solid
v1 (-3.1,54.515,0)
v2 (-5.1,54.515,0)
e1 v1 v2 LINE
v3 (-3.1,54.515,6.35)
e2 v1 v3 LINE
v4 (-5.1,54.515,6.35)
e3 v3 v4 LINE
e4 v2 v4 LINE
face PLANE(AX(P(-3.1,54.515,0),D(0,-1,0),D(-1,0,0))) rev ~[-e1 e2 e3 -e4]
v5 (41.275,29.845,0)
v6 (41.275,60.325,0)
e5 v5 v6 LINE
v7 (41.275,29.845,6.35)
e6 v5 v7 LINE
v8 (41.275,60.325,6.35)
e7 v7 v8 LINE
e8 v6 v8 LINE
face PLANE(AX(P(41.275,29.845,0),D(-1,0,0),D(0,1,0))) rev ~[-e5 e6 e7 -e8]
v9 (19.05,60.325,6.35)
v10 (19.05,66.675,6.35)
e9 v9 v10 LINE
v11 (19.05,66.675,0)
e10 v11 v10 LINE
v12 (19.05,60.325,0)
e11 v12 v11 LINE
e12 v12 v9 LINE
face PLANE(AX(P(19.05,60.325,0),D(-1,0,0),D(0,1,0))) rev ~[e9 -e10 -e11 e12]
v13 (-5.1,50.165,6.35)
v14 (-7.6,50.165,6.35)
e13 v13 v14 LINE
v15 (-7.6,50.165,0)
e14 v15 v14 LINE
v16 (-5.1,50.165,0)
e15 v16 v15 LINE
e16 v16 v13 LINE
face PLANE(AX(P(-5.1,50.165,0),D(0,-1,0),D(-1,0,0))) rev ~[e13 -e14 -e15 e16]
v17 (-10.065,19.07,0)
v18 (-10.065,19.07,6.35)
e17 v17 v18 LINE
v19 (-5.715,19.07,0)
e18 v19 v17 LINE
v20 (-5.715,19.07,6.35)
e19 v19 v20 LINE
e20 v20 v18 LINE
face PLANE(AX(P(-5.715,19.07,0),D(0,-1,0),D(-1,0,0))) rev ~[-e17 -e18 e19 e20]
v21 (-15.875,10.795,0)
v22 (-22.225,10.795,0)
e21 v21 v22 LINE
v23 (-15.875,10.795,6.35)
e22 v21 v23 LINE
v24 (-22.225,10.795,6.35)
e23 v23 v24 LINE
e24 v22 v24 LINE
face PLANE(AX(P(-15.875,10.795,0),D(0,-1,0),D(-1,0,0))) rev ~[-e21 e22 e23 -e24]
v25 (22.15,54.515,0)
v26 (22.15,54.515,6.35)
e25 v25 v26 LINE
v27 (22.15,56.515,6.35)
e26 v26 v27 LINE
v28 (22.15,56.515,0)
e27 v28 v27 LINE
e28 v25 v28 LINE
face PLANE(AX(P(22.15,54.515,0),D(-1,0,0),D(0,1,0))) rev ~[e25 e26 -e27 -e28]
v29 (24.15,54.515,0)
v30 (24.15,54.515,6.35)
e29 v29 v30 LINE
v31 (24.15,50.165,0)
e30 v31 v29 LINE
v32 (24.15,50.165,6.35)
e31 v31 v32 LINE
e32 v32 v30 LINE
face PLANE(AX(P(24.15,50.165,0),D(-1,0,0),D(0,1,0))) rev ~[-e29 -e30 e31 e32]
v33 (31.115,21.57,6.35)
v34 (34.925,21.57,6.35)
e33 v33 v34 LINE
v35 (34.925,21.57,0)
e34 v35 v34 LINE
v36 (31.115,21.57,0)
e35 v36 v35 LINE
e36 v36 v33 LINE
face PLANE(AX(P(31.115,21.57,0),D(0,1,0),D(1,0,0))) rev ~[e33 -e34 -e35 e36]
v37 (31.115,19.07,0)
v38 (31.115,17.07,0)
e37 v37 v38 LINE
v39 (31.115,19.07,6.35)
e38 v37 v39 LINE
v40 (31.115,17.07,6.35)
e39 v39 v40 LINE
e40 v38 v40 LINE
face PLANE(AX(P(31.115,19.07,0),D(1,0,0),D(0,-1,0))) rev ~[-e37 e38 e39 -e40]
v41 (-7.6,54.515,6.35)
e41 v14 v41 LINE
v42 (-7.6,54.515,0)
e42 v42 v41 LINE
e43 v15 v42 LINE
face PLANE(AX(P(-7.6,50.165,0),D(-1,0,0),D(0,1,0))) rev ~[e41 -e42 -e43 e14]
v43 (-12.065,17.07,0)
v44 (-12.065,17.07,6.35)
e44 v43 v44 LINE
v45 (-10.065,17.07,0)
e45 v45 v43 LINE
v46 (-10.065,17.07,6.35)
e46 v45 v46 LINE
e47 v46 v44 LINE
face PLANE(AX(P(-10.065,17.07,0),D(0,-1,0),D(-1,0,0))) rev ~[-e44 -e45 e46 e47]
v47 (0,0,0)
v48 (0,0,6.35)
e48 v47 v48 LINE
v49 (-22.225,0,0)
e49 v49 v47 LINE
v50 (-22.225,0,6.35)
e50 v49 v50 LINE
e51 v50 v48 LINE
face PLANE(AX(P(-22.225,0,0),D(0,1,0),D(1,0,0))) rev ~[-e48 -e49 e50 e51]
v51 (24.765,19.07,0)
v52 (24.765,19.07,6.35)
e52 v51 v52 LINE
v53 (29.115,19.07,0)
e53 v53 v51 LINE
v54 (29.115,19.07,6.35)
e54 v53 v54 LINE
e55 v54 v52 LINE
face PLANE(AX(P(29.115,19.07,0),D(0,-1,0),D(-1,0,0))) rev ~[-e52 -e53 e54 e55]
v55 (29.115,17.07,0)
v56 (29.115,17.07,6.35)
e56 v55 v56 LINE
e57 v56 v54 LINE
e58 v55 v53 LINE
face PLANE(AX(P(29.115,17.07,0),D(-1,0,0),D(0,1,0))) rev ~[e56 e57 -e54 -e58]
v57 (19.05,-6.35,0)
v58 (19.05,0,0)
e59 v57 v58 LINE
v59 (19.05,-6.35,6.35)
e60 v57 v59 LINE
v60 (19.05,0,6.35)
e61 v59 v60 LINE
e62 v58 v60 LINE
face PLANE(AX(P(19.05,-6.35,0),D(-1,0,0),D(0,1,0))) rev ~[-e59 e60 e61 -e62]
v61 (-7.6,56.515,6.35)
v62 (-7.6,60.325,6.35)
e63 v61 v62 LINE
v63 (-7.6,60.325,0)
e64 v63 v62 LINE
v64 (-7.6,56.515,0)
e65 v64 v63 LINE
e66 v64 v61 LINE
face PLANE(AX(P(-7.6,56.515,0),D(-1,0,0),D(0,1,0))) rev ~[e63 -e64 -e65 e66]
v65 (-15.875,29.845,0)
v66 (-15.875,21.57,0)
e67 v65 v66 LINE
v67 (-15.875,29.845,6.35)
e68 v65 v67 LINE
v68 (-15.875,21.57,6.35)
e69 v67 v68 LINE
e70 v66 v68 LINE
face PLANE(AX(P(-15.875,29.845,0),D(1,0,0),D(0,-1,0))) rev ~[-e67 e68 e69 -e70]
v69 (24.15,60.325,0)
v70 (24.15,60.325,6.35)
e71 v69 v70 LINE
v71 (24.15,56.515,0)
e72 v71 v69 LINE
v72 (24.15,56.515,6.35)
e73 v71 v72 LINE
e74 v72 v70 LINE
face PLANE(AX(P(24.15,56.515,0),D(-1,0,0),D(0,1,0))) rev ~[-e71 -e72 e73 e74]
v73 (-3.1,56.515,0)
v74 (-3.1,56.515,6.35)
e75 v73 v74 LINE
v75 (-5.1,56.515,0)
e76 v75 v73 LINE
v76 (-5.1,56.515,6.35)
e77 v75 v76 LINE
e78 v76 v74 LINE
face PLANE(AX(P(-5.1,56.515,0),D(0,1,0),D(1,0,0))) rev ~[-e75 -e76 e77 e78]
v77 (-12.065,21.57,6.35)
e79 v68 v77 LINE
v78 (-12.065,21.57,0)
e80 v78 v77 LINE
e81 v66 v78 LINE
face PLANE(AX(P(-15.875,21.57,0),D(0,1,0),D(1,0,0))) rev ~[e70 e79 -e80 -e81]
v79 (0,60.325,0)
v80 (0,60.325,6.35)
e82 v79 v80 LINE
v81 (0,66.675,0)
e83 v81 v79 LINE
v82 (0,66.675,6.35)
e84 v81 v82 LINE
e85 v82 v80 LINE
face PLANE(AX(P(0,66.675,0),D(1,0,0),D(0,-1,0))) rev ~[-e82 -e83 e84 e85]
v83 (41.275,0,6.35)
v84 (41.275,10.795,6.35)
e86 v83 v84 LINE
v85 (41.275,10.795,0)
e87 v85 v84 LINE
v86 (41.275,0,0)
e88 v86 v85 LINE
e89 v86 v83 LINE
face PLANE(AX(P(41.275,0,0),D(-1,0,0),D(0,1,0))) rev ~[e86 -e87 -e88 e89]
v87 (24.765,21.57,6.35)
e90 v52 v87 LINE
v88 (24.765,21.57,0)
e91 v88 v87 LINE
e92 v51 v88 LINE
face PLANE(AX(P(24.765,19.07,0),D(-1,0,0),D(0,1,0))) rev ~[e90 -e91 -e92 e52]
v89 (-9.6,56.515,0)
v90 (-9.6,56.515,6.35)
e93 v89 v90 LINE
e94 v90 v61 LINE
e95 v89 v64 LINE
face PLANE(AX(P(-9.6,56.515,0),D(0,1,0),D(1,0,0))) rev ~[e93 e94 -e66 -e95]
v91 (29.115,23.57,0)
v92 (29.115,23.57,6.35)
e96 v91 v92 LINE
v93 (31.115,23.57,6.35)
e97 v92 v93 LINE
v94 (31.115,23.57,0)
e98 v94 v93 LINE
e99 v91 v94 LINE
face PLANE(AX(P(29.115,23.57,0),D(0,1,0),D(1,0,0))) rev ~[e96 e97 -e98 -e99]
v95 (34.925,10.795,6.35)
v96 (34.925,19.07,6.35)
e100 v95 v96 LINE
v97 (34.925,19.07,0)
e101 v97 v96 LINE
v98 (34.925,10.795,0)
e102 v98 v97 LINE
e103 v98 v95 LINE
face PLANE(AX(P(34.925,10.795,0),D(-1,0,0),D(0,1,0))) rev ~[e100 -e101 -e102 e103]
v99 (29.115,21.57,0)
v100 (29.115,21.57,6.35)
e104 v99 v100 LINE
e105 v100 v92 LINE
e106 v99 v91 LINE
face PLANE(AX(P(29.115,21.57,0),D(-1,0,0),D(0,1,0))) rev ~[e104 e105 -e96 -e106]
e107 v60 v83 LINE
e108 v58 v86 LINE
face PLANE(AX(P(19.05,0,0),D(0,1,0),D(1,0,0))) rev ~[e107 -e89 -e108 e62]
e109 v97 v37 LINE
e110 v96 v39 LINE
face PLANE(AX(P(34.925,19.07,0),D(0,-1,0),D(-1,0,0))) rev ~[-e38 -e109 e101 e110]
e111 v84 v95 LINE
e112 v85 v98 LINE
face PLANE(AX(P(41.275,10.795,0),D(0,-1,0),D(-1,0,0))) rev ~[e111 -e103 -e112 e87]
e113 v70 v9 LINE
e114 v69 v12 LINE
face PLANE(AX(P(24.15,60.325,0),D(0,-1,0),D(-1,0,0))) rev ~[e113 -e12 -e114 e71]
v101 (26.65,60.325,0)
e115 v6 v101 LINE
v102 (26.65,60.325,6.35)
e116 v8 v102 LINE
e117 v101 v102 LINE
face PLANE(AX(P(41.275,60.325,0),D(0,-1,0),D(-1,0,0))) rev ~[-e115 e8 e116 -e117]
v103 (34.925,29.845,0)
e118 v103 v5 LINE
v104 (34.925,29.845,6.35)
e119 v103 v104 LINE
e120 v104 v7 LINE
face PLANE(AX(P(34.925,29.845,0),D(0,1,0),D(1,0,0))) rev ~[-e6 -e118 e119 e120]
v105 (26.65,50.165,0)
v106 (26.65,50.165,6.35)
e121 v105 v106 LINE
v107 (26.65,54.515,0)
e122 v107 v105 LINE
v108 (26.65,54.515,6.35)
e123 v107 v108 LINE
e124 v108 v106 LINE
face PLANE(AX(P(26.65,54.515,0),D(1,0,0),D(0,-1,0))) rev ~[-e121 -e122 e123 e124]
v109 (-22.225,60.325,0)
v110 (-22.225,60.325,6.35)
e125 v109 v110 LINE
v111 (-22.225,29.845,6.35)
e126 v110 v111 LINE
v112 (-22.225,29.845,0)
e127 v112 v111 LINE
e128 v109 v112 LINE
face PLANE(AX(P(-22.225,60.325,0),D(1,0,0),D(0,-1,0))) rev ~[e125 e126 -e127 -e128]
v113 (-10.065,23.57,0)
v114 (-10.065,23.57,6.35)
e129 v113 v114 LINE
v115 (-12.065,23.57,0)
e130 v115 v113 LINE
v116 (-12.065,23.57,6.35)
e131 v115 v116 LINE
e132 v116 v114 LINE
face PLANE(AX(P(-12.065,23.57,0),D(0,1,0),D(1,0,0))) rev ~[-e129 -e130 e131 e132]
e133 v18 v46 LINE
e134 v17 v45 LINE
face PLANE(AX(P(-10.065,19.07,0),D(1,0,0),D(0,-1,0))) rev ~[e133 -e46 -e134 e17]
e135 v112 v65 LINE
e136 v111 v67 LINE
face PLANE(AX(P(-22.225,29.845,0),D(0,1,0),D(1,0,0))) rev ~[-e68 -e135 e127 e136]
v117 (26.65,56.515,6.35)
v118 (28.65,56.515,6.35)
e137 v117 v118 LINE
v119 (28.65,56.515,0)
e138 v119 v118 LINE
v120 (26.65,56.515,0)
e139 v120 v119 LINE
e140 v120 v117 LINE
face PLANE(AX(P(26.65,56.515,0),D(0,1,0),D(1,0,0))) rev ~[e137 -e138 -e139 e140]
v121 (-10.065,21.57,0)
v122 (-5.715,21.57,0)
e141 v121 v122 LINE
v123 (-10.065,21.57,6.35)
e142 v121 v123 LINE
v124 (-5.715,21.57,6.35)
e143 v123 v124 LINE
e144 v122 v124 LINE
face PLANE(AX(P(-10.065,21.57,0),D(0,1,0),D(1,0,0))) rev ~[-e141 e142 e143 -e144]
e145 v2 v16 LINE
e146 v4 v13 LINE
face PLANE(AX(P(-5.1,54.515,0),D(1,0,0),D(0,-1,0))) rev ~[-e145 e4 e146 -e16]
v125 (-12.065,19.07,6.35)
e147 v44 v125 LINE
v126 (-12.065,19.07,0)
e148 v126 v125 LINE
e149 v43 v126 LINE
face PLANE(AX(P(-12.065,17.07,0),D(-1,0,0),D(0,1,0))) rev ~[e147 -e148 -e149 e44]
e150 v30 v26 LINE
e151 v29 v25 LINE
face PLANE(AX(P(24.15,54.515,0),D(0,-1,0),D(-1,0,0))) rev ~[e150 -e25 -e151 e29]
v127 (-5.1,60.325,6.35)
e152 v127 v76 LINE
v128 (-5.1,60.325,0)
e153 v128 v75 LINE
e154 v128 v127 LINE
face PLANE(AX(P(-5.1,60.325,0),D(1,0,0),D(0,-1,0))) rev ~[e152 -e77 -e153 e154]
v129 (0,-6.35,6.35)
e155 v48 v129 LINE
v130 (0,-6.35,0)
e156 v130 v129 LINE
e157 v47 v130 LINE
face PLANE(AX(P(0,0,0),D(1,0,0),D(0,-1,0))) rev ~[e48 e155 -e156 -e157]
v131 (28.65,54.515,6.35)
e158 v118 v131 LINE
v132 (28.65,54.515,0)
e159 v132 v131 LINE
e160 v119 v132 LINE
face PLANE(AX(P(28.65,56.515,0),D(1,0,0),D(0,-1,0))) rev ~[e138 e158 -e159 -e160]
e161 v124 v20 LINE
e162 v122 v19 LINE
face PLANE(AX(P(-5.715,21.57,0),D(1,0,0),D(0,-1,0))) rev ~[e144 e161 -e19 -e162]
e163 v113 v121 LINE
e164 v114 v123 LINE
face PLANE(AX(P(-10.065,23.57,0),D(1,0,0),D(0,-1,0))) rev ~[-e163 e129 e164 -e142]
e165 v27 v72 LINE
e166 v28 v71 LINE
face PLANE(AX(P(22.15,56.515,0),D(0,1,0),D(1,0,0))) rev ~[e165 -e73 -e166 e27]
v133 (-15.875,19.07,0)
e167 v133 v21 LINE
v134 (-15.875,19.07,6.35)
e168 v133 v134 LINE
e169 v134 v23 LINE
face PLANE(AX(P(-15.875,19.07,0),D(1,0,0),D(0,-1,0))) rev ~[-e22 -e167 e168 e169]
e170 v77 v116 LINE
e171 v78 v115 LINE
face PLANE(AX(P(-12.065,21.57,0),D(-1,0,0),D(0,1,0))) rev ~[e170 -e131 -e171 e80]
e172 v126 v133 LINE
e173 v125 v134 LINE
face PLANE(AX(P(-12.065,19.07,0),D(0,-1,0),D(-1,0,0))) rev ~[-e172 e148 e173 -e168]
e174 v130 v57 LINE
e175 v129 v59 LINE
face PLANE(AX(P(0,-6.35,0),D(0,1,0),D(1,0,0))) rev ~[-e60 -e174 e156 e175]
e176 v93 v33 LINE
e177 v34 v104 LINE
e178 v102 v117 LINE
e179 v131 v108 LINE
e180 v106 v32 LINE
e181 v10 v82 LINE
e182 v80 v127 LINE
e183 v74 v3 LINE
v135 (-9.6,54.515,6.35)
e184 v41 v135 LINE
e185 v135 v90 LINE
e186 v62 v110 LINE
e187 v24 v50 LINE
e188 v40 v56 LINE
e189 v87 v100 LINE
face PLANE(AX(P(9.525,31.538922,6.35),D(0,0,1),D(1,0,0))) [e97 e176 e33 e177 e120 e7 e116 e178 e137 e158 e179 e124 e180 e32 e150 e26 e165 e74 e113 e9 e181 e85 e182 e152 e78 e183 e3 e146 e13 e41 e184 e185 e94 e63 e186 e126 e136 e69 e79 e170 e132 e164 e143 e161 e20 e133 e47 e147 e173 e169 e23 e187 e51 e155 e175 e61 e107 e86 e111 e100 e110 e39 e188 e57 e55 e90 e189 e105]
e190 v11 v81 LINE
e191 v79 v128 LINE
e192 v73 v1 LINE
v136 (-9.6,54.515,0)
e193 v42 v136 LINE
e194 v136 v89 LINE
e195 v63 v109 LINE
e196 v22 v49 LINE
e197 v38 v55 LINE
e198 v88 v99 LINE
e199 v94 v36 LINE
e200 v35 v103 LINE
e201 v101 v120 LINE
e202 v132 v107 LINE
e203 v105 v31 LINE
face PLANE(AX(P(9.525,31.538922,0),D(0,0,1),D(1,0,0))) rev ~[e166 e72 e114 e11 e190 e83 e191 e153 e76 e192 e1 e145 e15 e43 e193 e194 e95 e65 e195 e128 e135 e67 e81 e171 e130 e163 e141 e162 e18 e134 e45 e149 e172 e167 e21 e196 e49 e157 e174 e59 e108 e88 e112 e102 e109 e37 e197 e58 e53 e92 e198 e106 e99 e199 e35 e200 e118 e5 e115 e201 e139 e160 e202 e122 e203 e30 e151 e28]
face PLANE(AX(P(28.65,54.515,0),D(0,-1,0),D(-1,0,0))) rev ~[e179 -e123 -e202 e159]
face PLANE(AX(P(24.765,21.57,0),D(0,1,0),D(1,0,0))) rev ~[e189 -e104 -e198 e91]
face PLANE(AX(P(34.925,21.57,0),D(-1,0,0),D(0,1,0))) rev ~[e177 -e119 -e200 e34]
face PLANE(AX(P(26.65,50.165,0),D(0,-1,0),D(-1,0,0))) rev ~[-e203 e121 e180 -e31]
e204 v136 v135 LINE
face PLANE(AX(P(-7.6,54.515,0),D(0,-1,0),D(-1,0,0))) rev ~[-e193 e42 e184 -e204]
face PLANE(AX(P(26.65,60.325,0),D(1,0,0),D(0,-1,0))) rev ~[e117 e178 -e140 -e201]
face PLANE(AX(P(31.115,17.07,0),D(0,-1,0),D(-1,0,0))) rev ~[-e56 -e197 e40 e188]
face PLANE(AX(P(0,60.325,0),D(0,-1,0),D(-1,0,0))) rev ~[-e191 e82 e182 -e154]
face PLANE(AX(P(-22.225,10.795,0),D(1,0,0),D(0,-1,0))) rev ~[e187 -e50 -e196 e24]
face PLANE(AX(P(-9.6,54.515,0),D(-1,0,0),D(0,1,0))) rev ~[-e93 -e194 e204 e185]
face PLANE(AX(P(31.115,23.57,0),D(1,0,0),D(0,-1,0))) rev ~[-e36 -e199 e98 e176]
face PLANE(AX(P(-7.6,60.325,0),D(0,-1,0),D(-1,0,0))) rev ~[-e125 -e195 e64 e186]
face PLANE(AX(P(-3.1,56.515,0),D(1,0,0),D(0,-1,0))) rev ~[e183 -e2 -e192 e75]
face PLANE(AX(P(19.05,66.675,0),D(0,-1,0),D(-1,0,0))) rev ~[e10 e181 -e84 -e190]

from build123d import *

# Parameters (mm, degrees)
BOSS_EXTRUDE1_DEPTH = 6.35


with BuildPart() as part:
    # Sketch1 → Boss-Extrude1 (new body)
    with BuildSketch(Plane.XY):
        Polygon((0, -6.35), (19.05, -6.35), (19.05, 0), (34.925, 0), (41.275, 0), (41.275, 10.795), (34.925, 10.795), (34.925, 19.07), (31.115, 19.07), (31.115, 17.07), (29.115, 17.07), (29.115, 19.07), (24.765, 19.07), (24.765, 21.57), (29.115, 21.57), (29.115, 23.57), (31.115, 23.57), (31.115, 21.57), (34.925, 21.57), (34.925, 29.845), (41.275, 29.845), (41.275, 60.325), (34.925, 60.325), (26.65, 60.325), (26.65, 56.515), (28.65, 56.515), (28.65, 54.515), (26.65, 54.515), (26.65, 50.165), (24.15, 50.165), (24.15, 54.515), (22.15, 54.515), (22.15, 56.515), (24.15, 56.515), (24.15, 60.325), (19.05, 60.325), (19.05, 66.675), (0, 66.675), (0, 60.325), (-5.1, 60.325), (-5.1, 56.515), (-3.1, 56.515), (-3.1, 54.515), (-5.1, 54.515), (-5.1, 50.165), (-7.6, 50.165), (-7.6, 54.515), (-9.6, 54.515), (-9.6, 56.515), (-7.6, 56.515), (-7.6, 60.325), (-15.875, 60.325), (-22.225, 60.325), (-22.225, 29.845), (-15.875, 29.845), (-15.875, 21.57), (-12.065, 21.57), (-12.065, 23.57), (-10.065, 23.57), (-10.065, 21.57), (-5.715, 21.57), (-5.715, 19.07), (-10.065, 19.07), (-10.065, 17.07), (-12.065, 17.07), (-12.065, 19.07), (-15.875, 19.07), (-15.875, 10.795), (-22.225, 10.795), (-22.225, 0), (-15.875, 0), (0, 0), align=None)
    extrude(amount=BOSS_EXTRUDE1_DEPTH)


solid = part.part
